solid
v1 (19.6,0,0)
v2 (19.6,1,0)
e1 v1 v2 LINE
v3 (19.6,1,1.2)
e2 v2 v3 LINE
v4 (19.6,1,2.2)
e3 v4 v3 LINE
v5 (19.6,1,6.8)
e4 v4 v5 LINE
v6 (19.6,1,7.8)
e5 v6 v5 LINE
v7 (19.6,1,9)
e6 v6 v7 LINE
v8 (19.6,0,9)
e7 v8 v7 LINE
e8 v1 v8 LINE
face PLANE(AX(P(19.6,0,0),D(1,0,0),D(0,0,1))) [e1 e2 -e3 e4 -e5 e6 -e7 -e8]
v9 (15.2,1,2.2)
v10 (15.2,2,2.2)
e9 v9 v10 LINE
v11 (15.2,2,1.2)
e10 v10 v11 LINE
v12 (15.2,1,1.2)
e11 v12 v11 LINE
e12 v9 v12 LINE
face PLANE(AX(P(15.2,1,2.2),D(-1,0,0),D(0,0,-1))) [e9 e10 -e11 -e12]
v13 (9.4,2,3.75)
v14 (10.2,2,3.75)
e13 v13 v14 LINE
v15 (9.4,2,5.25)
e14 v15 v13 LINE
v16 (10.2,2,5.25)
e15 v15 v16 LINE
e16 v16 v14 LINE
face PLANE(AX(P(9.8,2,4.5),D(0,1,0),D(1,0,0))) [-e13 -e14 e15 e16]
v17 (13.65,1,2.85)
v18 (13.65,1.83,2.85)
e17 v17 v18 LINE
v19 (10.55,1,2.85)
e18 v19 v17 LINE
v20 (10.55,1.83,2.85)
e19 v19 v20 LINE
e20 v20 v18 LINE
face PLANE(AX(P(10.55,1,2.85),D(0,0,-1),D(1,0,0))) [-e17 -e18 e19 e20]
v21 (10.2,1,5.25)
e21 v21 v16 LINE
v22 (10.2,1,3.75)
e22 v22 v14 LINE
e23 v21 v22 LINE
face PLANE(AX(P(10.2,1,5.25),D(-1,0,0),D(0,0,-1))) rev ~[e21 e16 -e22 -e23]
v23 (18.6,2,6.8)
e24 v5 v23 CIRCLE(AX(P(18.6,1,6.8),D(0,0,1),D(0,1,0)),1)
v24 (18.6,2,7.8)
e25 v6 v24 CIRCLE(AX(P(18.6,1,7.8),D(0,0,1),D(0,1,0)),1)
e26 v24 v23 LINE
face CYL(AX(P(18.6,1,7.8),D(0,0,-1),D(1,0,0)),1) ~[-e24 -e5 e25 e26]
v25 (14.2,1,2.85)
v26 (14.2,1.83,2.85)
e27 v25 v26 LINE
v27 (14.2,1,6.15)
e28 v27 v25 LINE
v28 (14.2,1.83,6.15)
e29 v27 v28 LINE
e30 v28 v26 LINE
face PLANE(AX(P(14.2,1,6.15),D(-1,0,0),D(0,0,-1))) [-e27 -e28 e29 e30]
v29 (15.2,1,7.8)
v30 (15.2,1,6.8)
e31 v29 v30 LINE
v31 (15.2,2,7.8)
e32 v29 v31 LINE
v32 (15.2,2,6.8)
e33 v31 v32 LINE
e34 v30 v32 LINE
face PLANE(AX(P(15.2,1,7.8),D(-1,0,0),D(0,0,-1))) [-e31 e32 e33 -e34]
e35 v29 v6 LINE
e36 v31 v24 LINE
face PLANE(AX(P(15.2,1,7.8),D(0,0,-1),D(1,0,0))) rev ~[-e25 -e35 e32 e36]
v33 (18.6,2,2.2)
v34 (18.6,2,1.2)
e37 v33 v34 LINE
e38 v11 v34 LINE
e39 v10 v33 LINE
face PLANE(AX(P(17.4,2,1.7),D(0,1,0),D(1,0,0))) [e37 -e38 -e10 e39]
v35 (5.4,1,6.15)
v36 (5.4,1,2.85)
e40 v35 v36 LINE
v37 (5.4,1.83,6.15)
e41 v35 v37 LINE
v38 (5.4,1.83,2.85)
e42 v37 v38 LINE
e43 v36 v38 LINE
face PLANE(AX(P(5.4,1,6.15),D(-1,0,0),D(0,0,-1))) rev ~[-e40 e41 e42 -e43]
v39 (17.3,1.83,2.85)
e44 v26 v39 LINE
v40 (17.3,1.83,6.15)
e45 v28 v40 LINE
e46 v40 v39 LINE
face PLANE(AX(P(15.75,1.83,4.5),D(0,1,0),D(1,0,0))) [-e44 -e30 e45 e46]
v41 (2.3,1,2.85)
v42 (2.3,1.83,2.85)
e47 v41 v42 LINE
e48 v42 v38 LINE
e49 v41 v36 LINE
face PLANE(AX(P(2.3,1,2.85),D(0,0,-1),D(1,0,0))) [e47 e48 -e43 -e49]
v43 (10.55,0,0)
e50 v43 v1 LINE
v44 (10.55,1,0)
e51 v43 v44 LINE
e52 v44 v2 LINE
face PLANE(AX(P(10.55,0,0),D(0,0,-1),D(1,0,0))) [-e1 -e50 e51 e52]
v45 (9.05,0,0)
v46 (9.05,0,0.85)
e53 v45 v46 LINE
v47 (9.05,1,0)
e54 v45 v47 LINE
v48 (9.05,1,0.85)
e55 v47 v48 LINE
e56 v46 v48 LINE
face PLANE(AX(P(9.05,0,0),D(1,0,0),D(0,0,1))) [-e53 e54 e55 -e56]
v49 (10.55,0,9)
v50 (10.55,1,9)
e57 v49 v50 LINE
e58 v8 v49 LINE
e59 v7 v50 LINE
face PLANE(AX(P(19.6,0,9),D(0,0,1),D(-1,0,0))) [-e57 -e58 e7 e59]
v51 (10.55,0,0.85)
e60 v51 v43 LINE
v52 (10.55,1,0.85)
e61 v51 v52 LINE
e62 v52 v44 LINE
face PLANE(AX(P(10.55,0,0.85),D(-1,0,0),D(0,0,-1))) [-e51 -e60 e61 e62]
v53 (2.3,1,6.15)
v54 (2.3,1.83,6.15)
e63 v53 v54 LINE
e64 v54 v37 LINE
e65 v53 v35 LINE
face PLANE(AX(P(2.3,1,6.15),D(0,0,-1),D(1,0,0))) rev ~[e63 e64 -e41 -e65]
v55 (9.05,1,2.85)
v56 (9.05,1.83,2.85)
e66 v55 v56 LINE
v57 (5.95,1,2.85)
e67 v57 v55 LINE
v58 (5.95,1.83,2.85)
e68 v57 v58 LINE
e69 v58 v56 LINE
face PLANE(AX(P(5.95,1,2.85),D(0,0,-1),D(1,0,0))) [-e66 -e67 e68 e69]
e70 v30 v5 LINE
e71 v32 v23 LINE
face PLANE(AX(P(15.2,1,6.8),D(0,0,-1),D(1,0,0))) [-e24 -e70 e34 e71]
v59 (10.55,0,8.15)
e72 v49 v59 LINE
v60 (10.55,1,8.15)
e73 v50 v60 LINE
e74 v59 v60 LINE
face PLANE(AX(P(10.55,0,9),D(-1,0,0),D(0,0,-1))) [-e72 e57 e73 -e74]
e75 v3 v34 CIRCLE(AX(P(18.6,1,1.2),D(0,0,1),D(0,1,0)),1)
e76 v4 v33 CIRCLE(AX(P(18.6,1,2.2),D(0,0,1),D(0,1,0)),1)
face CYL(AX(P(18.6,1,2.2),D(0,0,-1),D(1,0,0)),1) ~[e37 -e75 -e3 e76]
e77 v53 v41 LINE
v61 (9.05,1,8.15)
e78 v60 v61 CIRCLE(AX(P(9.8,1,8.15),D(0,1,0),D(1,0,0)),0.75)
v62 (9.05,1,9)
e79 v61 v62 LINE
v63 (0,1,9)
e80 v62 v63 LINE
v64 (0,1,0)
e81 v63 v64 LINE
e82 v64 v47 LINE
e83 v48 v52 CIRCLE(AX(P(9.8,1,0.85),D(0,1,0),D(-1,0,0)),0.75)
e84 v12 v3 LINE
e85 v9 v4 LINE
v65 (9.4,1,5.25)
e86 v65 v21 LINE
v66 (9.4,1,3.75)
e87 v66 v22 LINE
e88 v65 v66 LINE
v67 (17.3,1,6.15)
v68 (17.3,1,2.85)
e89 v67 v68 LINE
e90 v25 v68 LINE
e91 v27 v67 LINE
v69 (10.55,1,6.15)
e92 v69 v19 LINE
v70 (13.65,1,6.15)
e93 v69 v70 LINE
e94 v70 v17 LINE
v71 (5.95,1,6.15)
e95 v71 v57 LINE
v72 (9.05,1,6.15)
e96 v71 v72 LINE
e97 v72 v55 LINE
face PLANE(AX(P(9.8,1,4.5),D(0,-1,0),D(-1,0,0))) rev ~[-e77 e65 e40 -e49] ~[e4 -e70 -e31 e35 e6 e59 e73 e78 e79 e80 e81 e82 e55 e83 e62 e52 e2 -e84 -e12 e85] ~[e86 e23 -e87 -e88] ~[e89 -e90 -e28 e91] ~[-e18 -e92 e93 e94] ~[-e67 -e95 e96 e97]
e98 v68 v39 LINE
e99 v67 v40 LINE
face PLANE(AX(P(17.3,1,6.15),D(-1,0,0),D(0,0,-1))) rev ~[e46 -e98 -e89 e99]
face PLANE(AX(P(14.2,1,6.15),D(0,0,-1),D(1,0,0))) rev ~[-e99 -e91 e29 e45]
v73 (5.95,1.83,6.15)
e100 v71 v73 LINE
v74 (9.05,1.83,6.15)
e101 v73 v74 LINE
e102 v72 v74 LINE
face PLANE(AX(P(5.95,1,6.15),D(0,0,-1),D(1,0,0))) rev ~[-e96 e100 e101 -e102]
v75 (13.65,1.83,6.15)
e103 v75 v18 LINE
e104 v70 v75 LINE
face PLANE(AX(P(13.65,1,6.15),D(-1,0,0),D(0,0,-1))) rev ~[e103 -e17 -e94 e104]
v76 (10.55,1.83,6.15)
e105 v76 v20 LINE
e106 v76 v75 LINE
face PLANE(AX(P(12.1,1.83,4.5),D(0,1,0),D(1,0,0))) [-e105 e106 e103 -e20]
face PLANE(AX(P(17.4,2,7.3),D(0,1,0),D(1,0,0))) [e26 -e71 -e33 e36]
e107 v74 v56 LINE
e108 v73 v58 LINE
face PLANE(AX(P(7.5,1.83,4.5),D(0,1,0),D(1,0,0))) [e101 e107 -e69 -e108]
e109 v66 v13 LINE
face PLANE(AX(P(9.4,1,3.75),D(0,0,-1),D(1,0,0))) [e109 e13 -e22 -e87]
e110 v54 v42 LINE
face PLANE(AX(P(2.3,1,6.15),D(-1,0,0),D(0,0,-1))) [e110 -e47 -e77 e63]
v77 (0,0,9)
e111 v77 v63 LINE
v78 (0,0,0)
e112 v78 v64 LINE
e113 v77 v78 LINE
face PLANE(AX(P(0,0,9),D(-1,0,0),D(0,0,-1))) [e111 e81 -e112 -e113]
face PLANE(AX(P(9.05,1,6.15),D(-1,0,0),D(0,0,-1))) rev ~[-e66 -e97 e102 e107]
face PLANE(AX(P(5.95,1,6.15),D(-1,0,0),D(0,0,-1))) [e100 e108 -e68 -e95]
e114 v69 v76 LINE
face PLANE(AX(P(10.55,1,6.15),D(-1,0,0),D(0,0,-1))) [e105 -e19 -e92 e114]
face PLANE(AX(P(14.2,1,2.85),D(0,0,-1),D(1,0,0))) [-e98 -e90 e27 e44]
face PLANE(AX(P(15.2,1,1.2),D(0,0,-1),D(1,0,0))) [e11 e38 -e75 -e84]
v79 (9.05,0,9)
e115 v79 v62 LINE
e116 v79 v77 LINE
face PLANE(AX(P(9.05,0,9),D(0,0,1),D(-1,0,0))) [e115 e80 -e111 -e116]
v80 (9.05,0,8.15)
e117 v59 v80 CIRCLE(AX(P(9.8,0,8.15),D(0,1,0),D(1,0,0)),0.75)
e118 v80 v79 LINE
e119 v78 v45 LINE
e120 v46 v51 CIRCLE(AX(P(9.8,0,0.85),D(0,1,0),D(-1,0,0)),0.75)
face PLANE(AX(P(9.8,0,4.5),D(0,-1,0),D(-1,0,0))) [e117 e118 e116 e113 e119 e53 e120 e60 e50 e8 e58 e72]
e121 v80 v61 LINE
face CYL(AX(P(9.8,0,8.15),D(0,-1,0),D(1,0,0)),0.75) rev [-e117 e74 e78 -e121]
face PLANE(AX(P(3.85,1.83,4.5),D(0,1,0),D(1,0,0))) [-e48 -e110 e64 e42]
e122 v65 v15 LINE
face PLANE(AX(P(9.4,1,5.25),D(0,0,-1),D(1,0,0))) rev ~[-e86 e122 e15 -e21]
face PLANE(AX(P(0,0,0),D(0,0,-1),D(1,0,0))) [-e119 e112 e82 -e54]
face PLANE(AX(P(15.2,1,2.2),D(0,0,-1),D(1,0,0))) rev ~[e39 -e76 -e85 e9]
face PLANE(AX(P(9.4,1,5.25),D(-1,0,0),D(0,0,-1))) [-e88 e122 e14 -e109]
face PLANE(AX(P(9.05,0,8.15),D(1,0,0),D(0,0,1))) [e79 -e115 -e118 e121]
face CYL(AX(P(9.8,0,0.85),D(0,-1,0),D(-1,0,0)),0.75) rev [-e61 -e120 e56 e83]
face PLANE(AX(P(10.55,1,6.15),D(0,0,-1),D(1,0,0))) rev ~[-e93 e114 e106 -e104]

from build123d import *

# Parameters (mm, degrees)
EXTRUDE_1_DEPTH = 1
SKETCH_2_W      = 3.1
SKETCH_2_H      = 3.3
EXTRUDE_2_DEPTH = 0.83
SKETCH_3_W      = 4.4
SKETCH_3_H      = 1
SKETCH_3_W_2    = 0.8
SKETCH_3_H_2    = 1.5
EXTRUDE_3_DEPTH = 1
FILLET_1_R      = 1


with BuildPart() as part:
    # 草图1 → 凸台-拉伸1 (new body)
    with BuildSketch(Plane(origin=(0, 0, 0), x_dir=(1, 0, 0), z_dir=(0, 1, 0))):
        with BuildLine():
            Line((0, 0), (9.05, 0))
            Line((9.05, 0), (9.05, -0.85))
            ThreePointArc((9.05, -0.85), (9.8, -1.6), (10.55, -0.85))
            Line((10.55, -0.85), (10.55, 0))
            Line((10.55, 0), (19.6, 0))
            Line((19.6, 0), (19.6, -9))
            Line((19.6, -9), (10.55, -9))
            Line((10.55, -9), (10.55, -8.15))
            ThreePointArc((10.55, -8.15), (9.8, -7.4), (9.05, -8.15))
            Line((9.05, -8.15), (9.05, -9))
            Line((9.05, -9), (0, -9))
            Line((0, -9), (0, 0))
        make_face()
    extrude(amount=EXTRUDE_1_DEPTH)

    # 草图2 → 凸台-拉伸2 (add)
    with BuildSketch(Plane(origin=(0, 1, 0), x_dir=(1, 0, 0), z_dir=(0, 1, 0))):
        with Locations((3.85, -4.5)):
            Rectangle(SKETCH_2_W, SKETCH_2_H)
        with Locations((7.5, -4.5)):
            Rectangle(SKETCH_2_W, SKETCH_2_H)
        with Locations((12.1, -4.5)):
            Rectangle(SKETCH_2_W, SKETCH_2_H)
        with Locations((15.75, -4.5)):
            Rectangle(SKETCH_2_W, SKETCH_2_H)
    extrude(amount=EXTRUDE_2_DEPTH)

    # 草图3 → 凸台-拉伸3 (add)
    with BuildSketch(Plane(origin=(0, 1, 0), x_dir=(1, 0, 0), z_dir=(0, 1, 0))):
        with Locations((17.4, -7.3)):
            Rectangle(SKETCH_3_W, SKETCH_3_H)
        with Locations((9.8, -4.5)):
            Rectangle(SKETCH_3_W_2, SKETCH_3_H_2)
        with Locations((17.4, -1.7)):
            Rectangle(SKETCH_3_W, SKETCH_3_H)
    extrude(amount=EXTRUDE_3_DEPTH)

    # 圆角1
    fillet_1_edges = [part.edges().sort_by_distance(p)[0] for p in [
        (19.6, 2, 7.3),
        (19.6, 2, 1.7),
    ]]
    fillet(fillet_1_edges, radius=FILLET_1_R)


solid = part.part
